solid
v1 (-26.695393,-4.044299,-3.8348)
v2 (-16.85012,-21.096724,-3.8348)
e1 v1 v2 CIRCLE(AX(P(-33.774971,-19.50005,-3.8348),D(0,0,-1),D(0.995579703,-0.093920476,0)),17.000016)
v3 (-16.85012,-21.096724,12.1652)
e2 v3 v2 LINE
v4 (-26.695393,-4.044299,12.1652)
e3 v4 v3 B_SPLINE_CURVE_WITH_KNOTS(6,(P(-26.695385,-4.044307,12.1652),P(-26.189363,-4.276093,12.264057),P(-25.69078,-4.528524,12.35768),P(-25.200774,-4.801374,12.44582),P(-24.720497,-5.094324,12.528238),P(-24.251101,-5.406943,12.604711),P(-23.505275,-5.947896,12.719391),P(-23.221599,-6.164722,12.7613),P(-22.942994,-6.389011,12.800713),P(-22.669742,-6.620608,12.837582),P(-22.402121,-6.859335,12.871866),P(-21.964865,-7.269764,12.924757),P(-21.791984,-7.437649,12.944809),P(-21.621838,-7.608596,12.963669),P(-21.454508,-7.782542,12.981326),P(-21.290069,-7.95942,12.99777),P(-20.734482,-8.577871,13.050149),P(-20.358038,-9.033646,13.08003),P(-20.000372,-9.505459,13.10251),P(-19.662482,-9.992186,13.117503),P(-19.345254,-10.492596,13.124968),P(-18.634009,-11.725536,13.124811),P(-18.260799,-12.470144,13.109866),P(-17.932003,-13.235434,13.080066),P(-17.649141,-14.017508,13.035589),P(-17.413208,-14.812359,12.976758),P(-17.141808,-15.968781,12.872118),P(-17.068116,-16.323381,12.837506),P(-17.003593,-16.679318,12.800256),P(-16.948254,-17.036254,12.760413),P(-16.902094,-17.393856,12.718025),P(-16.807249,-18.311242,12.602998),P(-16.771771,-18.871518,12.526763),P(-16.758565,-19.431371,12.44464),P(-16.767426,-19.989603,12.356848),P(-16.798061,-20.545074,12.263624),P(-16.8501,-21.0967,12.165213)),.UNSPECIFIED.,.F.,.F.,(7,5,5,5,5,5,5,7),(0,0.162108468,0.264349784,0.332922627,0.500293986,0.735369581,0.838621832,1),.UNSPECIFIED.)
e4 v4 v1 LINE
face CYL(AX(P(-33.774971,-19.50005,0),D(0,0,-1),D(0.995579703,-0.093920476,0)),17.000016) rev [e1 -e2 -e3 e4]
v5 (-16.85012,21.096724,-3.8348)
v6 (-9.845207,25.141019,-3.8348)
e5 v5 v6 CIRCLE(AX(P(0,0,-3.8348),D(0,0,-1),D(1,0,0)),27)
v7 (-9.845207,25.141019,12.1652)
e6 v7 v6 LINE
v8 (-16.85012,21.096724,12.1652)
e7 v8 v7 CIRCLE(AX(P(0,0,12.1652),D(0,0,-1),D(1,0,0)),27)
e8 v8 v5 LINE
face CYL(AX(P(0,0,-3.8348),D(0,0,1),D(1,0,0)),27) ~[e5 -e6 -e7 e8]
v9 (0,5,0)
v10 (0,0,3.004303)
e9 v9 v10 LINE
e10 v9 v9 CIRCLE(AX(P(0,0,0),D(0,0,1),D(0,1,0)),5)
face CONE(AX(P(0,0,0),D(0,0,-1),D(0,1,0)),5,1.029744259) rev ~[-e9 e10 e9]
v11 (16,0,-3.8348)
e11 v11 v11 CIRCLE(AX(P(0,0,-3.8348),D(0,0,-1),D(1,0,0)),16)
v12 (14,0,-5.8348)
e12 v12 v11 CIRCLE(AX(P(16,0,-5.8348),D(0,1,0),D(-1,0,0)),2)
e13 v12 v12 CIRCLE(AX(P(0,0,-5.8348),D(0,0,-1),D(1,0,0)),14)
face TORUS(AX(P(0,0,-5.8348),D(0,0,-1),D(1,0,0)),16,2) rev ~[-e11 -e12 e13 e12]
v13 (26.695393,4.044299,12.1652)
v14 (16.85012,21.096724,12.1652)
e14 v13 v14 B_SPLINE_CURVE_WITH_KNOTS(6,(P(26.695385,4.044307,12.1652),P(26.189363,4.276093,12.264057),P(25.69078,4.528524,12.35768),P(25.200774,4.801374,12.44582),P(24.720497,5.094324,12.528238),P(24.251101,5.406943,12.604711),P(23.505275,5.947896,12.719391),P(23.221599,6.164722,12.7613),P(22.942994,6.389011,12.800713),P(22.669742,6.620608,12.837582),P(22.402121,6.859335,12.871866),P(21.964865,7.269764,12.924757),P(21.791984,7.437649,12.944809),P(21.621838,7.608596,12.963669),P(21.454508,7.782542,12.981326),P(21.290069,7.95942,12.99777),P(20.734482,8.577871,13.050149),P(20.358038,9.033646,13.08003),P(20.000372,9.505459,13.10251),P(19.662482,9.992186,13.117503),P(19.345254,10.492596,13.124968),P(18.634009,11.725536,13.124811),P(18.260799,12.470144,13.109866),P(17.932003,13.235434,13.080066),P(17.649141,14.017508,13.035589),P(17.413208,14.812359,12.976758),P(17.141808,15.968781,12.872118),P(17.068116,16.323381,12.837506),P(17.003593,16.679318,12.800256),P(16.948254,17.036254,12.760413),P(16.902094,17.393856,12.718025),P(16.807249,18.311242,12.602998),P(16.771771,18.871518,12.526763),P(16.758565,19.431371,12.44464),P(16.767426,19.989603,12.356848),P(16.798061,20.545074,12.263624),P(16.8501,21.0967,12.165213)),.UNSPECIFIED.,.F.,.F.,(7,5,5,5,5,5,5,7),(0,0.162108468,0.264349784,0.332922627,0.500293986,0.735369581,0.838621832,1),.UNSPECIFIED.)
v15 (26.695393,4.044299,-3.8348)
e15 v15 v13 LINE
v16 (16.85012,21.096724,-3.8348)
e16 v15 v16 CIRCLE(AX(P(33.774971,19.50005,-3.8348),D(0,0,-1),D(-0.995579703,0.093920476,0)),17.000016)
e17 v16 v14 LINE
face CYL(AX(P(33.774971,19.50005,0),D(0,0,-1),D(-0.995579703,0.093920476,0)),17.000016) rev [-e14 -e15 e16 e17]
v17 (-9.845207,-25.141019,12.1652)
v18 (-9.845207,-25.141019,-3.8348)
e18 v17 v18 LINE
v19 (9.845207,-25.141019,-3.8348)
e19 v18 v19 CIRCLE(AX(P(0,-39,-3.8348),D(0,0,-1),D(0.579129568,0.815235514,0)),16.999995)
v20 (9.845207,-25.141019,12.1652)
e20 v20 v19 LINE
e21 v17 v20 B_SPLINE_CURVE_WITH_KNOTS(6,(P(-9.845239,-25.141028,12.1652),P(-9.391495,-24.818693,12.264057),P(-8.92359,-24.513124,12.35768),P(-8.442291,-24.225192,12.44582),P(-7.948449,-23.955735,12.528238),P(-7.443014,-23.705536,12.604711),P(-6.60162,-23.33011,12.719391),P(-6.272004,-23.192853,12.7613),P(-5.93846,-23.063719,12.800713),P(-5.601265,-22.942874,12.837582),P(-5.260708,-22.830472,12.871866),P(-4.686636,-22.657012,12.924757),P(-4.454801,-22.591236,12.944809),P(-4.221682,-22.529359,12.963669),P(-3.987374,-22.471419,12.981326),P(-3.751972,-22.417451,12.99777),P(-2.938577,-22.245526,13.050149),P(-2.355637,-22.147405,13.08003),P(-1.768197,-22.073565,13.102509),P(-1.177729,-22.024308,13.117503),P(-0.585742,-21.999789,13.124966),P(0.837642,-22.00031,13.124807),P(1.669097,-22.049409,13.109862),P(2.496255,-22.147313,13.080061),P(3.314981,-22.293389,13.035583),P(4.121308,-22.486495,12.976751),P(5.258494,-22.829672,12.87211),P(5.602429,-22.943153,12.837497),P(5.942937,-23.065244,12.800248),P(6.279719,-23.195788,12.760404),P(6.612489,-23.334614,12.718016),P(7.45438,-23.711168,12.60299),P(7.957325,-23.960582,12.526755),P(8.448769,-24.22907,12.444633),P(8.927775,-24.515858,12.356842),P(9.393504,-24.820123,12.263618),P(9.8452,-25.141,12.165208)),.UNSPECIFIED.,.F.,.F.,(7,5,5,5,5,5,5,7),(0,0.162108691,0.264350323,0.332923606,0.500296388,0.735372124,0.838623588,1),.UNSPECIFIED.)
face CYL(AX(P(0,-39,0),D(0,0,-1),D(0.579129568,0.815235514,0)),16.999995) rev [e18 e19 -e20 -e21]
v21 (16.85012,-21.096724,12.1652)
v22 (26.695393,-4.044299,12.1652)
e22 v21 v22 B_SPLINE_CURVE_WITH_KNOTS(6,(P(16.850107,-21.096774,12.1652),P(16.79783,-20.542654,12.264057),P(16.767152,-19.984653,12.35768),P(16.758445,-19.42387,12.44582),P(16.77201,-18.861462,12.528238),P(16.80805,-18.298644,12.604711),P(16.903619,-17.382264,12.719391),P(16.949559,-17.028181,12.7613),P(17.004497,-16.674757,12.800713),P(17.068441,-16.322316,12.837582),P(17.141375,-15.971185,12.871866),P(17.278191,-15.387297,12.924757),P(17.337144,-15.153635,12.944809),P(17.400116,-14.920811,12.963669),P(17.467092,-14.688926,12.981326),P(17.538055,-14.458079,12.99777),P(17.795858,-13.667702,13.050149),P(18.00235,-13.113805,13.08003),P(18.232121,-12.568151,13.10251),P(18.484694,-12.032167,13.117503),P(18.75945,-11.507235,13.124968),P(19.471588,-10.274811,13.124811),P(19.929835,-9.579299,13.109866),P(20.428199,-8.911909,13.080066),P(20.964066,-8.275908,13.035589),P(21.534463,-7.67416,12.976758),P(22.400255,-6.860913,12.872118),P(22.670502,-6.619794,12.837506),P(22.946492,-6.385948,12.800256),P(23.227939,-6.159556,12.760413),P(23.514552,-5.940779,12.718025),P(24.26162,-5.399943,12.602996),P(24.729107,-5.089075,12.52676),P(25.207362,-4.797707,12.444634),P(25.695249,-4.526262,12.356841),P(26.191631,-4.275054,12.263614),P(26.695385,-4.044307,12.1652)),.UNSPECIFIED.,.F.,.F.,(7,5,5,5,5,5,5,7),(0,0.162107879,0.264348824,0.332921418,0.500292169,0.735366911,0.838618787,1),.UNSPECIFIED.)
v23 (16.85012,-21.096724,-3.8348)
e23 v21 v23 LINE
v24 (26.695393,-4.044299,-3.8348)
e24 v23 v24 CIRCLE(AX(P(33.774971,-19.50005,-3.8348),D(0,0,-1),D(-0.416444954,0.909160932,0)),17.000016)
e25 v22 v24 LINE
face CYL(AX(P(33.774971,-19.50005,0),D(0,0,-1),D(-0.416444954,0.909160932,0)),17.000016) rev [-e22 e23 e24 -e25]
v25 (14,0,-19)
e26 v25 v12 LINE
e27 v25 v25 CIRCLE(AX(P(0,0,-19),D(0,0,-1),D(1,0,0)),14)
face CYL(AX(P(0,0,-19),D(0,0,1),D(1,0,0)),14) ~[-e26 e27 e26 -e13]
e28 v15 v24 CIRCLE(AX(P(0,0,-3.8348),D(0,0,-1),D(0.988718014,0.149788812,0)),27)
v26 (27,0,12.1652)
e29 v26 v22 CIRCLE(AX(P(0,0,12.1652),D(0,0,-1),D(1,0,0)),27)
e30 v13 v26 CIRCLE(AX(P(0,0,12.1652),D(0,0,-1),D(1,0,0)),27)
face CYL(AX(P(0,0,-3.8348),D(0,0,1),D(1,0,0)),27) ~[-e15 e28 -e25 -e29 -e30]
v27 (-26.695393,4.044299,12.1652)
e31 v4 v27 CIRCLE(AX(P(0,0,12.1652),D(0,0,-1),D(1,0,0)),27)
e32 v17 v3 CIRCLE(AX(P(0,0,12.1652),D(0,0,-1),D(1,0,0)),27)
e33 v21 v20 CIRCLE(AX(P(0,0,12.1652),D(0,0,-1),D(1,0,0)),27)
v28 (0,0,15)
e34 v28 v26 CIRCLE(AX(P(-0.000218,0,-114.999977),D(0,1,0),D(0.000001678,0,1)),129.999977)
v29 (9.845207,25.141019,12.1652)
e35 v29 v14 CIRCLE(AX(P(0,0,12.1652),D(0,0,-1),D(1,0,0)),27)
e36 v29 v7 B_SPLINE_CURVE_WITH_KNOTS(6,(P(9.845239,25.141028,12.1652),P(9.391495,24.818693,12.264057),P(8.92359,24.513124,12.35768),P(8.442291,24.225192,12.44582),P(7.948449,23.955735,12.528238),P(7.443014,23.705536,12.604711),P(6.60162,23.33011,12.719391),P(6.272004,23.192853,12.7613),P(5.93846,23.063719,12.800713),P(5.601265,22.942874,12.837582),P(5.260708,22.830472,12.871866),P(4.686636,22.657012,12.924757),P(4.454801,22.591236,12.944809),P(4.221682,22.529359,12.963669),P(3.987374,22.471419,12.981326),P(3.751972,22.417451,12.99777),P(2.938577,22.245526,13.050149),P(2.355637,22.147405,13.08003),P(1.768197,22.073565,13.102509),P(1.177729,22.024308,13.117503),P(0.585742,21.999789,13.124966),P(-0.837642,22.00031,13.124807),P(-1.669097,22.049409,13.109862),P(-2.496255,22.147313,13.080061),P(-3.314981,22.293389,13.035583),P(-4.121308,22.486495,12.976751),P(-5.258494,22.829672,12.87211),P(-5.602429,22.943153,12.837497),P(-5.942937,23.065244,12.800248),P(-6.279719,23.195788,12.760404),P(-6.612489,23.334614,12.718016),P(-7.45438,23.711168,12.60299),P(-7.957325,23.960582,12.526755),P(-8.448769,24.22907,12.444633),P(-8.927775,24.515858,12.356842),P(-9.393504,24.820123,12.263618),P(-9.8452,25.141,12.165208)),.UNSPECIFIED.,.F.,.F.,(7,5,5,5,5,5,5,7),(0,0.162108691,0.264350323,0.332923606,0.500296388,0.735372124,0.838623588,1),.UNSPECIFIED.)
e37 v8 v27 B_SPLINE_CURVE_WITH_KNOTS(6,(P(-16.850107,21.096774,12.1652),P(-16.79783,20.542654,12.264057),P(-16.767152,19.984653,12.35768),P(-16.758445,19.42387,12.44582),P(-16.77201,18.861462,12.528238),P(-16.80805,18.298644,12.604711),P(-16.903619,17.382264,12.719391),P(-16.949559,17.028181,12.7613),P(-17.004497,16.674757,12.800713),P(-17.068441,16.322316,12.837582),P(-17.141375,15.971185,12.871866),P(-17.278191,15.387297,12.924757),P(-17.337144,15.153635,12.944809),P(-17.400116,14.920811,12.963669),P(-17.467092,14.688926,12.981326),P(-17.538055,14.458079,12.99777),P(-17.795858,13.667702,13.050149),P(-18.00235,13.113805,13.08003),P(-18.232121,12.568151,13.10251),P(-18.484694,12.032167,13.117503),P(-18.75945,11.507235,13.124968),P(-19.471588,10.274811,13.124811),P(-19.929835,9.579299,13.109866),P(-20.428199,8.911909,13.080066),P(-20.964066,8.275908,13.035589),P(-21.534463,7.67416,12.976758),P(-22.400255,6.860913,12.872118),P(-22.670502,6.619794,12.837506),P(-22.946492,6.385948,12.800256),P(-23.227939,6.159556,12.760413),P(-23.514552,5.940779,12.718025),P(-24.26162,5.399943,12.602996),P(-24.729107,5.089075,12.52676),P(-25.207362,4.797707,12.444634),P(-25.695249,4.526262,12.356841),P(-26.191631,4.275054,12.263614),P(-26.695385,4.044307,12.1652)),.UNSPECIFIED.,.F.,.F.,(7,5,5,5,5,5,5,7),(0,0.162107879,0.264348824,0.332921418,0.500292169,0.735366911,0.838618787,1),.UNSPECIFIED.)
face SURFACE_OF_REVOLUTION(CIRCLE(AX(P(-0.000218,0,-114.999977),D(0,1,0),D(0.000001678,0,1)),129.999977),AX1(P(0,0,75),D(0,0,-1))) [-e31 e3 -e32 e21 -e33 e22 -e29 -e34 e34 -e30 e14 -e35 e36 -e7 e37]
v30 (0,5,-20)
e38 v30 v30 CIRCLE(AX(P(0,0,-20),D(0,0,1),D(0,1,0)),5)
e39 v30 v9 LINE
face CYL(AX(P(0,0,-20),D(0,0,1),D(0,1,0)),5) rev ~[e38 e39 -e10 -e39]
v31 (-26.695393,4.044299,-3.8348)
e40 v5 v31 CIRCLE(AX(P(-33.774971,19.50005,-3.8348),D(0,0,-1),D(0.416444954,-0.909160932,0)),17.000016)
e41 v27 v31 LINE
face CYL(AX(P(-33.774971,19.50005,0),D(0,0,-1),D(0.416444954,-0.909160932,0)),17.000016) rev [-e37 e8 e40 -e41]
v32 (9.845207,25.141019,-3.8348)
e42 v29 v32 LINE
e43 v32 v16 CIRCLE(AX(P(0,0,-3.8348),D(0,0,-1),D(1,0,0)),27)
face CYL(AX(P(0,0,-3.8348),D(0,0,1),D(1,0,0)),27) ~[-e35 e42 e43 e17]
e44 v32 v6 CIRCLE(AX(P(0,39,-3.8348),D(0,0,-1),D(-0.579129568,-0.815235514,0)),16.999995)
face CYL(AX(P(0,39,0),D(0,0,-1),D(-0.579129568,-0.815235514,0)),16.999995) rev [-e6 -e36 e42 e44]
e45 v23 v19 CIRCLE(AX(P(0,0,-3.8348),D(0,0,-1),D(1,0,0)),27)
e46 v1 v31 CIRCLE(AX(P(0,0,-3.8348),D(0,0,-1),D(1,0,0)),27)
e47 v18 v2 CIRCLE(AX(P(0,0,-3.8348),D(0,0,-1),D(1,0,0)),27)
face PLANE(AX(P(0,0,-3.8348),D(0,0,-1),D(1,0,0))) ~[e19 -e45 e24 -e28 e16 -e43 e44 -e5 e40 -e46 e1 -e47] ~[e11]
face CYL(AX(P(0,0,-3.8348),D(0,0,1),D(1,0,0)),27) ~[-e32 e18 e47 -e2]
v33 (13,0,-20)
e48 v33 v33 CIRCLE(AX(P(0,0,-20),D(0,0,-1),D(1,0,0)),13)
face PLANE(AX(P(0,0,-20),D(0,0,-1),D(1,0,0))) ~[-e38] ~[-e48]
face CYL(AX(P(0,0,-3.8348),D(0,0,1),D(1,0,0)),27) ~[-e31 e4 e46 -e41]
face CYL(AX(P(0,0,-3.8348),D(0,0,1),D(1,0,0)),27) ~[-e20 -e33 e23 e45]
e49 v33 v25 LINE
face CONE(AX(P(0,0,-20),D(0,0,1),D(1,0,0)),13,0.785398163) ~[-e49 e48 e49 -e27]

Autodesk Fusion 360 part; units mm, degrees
sketch "草图1" plane through (0, 0, 0) normal (0, 1, 0) x (1, 0, 0)
  line L0 (0, -75) -> (0, 75) construction
  line L1 (0, 20) -> (13, 20)
  line L2 (14, 19) -> (14, 5.8348)
  line L3 (16, 3.8348) -> (27, 3.8348)
  line L4 (27, 3.8348) -> (27, -12.1652)
  line L5 (0, 20) -> (0, -15)
  arc A0 (0, -15) -> (27, -12.1652) centre (0, 115) ccw
  arc A1 (14, 5.8348) -> (16, 3.8348) centre (16, 5.8348) ccw
  line L6 (13, 20) -> (14, 19)
  point P0 (14, 20)
  dimension "d1" = 20
  dimension "d2" = 14
  dimension "d3" = 16
  dimension "d4" = 35
  dimension "d5" = 130
  dimension "d6" = 27
  dimension "d7" = 2
  dimension "d8" = 1
  dimension "d9" = 45
revolve "旋转1" add sketch "草图1" angle 360 about axis through (0, 0, 75) along (0, 0, -1)
sketch "草图2" plane through (0, 0, 0) normal (0, 0, 1) x (1, 0, 0)
  circle A0 centre (0, 0) radius 27
  circle A1 centre (0, 0) radius 22 construction
  arc A2 (-9.8452, 25.141) -> (9.8452, 25.141) centre (0, 39) ccw
  line L0 (0, 40) -> (0, -45) construction
  arc A3 (-26.6954, 4.0443) -> (-16.8501, 21.0967) centre (-33.775, 19.5) ccw
  arc A4 (-16.8501, -21.0967) -> (-26.6954, -4.0443) centre (-33.775, -19.5) ccw
  arc A5 (9.8452, -25.141) -> (-9.8452, -25.141) centre (0, -39) ccw
  arc A6 (26.6954, -4.0443) -> (16.8501, -21.0967) centre (33.775, -19.5) ccw
  arc A7 (16.8501, 21.0967) -> (26.6954, 4.0443) centre (33.775, 19.5) ccw
  dimension "d11" = 54
  dimension "d12" = 44
  dimension "d13" = 17
  dimension "d15" = 360
extrude "拉伸1" cut sketch "草图2" along normal through all and the other way through all contours A0 A2 A3 A4 A5 A6 A7 keep common part
hole "孔1" at (0, 0, -20) direction (0, 0, 1) diameter 10 depth 20 tip angle 118
